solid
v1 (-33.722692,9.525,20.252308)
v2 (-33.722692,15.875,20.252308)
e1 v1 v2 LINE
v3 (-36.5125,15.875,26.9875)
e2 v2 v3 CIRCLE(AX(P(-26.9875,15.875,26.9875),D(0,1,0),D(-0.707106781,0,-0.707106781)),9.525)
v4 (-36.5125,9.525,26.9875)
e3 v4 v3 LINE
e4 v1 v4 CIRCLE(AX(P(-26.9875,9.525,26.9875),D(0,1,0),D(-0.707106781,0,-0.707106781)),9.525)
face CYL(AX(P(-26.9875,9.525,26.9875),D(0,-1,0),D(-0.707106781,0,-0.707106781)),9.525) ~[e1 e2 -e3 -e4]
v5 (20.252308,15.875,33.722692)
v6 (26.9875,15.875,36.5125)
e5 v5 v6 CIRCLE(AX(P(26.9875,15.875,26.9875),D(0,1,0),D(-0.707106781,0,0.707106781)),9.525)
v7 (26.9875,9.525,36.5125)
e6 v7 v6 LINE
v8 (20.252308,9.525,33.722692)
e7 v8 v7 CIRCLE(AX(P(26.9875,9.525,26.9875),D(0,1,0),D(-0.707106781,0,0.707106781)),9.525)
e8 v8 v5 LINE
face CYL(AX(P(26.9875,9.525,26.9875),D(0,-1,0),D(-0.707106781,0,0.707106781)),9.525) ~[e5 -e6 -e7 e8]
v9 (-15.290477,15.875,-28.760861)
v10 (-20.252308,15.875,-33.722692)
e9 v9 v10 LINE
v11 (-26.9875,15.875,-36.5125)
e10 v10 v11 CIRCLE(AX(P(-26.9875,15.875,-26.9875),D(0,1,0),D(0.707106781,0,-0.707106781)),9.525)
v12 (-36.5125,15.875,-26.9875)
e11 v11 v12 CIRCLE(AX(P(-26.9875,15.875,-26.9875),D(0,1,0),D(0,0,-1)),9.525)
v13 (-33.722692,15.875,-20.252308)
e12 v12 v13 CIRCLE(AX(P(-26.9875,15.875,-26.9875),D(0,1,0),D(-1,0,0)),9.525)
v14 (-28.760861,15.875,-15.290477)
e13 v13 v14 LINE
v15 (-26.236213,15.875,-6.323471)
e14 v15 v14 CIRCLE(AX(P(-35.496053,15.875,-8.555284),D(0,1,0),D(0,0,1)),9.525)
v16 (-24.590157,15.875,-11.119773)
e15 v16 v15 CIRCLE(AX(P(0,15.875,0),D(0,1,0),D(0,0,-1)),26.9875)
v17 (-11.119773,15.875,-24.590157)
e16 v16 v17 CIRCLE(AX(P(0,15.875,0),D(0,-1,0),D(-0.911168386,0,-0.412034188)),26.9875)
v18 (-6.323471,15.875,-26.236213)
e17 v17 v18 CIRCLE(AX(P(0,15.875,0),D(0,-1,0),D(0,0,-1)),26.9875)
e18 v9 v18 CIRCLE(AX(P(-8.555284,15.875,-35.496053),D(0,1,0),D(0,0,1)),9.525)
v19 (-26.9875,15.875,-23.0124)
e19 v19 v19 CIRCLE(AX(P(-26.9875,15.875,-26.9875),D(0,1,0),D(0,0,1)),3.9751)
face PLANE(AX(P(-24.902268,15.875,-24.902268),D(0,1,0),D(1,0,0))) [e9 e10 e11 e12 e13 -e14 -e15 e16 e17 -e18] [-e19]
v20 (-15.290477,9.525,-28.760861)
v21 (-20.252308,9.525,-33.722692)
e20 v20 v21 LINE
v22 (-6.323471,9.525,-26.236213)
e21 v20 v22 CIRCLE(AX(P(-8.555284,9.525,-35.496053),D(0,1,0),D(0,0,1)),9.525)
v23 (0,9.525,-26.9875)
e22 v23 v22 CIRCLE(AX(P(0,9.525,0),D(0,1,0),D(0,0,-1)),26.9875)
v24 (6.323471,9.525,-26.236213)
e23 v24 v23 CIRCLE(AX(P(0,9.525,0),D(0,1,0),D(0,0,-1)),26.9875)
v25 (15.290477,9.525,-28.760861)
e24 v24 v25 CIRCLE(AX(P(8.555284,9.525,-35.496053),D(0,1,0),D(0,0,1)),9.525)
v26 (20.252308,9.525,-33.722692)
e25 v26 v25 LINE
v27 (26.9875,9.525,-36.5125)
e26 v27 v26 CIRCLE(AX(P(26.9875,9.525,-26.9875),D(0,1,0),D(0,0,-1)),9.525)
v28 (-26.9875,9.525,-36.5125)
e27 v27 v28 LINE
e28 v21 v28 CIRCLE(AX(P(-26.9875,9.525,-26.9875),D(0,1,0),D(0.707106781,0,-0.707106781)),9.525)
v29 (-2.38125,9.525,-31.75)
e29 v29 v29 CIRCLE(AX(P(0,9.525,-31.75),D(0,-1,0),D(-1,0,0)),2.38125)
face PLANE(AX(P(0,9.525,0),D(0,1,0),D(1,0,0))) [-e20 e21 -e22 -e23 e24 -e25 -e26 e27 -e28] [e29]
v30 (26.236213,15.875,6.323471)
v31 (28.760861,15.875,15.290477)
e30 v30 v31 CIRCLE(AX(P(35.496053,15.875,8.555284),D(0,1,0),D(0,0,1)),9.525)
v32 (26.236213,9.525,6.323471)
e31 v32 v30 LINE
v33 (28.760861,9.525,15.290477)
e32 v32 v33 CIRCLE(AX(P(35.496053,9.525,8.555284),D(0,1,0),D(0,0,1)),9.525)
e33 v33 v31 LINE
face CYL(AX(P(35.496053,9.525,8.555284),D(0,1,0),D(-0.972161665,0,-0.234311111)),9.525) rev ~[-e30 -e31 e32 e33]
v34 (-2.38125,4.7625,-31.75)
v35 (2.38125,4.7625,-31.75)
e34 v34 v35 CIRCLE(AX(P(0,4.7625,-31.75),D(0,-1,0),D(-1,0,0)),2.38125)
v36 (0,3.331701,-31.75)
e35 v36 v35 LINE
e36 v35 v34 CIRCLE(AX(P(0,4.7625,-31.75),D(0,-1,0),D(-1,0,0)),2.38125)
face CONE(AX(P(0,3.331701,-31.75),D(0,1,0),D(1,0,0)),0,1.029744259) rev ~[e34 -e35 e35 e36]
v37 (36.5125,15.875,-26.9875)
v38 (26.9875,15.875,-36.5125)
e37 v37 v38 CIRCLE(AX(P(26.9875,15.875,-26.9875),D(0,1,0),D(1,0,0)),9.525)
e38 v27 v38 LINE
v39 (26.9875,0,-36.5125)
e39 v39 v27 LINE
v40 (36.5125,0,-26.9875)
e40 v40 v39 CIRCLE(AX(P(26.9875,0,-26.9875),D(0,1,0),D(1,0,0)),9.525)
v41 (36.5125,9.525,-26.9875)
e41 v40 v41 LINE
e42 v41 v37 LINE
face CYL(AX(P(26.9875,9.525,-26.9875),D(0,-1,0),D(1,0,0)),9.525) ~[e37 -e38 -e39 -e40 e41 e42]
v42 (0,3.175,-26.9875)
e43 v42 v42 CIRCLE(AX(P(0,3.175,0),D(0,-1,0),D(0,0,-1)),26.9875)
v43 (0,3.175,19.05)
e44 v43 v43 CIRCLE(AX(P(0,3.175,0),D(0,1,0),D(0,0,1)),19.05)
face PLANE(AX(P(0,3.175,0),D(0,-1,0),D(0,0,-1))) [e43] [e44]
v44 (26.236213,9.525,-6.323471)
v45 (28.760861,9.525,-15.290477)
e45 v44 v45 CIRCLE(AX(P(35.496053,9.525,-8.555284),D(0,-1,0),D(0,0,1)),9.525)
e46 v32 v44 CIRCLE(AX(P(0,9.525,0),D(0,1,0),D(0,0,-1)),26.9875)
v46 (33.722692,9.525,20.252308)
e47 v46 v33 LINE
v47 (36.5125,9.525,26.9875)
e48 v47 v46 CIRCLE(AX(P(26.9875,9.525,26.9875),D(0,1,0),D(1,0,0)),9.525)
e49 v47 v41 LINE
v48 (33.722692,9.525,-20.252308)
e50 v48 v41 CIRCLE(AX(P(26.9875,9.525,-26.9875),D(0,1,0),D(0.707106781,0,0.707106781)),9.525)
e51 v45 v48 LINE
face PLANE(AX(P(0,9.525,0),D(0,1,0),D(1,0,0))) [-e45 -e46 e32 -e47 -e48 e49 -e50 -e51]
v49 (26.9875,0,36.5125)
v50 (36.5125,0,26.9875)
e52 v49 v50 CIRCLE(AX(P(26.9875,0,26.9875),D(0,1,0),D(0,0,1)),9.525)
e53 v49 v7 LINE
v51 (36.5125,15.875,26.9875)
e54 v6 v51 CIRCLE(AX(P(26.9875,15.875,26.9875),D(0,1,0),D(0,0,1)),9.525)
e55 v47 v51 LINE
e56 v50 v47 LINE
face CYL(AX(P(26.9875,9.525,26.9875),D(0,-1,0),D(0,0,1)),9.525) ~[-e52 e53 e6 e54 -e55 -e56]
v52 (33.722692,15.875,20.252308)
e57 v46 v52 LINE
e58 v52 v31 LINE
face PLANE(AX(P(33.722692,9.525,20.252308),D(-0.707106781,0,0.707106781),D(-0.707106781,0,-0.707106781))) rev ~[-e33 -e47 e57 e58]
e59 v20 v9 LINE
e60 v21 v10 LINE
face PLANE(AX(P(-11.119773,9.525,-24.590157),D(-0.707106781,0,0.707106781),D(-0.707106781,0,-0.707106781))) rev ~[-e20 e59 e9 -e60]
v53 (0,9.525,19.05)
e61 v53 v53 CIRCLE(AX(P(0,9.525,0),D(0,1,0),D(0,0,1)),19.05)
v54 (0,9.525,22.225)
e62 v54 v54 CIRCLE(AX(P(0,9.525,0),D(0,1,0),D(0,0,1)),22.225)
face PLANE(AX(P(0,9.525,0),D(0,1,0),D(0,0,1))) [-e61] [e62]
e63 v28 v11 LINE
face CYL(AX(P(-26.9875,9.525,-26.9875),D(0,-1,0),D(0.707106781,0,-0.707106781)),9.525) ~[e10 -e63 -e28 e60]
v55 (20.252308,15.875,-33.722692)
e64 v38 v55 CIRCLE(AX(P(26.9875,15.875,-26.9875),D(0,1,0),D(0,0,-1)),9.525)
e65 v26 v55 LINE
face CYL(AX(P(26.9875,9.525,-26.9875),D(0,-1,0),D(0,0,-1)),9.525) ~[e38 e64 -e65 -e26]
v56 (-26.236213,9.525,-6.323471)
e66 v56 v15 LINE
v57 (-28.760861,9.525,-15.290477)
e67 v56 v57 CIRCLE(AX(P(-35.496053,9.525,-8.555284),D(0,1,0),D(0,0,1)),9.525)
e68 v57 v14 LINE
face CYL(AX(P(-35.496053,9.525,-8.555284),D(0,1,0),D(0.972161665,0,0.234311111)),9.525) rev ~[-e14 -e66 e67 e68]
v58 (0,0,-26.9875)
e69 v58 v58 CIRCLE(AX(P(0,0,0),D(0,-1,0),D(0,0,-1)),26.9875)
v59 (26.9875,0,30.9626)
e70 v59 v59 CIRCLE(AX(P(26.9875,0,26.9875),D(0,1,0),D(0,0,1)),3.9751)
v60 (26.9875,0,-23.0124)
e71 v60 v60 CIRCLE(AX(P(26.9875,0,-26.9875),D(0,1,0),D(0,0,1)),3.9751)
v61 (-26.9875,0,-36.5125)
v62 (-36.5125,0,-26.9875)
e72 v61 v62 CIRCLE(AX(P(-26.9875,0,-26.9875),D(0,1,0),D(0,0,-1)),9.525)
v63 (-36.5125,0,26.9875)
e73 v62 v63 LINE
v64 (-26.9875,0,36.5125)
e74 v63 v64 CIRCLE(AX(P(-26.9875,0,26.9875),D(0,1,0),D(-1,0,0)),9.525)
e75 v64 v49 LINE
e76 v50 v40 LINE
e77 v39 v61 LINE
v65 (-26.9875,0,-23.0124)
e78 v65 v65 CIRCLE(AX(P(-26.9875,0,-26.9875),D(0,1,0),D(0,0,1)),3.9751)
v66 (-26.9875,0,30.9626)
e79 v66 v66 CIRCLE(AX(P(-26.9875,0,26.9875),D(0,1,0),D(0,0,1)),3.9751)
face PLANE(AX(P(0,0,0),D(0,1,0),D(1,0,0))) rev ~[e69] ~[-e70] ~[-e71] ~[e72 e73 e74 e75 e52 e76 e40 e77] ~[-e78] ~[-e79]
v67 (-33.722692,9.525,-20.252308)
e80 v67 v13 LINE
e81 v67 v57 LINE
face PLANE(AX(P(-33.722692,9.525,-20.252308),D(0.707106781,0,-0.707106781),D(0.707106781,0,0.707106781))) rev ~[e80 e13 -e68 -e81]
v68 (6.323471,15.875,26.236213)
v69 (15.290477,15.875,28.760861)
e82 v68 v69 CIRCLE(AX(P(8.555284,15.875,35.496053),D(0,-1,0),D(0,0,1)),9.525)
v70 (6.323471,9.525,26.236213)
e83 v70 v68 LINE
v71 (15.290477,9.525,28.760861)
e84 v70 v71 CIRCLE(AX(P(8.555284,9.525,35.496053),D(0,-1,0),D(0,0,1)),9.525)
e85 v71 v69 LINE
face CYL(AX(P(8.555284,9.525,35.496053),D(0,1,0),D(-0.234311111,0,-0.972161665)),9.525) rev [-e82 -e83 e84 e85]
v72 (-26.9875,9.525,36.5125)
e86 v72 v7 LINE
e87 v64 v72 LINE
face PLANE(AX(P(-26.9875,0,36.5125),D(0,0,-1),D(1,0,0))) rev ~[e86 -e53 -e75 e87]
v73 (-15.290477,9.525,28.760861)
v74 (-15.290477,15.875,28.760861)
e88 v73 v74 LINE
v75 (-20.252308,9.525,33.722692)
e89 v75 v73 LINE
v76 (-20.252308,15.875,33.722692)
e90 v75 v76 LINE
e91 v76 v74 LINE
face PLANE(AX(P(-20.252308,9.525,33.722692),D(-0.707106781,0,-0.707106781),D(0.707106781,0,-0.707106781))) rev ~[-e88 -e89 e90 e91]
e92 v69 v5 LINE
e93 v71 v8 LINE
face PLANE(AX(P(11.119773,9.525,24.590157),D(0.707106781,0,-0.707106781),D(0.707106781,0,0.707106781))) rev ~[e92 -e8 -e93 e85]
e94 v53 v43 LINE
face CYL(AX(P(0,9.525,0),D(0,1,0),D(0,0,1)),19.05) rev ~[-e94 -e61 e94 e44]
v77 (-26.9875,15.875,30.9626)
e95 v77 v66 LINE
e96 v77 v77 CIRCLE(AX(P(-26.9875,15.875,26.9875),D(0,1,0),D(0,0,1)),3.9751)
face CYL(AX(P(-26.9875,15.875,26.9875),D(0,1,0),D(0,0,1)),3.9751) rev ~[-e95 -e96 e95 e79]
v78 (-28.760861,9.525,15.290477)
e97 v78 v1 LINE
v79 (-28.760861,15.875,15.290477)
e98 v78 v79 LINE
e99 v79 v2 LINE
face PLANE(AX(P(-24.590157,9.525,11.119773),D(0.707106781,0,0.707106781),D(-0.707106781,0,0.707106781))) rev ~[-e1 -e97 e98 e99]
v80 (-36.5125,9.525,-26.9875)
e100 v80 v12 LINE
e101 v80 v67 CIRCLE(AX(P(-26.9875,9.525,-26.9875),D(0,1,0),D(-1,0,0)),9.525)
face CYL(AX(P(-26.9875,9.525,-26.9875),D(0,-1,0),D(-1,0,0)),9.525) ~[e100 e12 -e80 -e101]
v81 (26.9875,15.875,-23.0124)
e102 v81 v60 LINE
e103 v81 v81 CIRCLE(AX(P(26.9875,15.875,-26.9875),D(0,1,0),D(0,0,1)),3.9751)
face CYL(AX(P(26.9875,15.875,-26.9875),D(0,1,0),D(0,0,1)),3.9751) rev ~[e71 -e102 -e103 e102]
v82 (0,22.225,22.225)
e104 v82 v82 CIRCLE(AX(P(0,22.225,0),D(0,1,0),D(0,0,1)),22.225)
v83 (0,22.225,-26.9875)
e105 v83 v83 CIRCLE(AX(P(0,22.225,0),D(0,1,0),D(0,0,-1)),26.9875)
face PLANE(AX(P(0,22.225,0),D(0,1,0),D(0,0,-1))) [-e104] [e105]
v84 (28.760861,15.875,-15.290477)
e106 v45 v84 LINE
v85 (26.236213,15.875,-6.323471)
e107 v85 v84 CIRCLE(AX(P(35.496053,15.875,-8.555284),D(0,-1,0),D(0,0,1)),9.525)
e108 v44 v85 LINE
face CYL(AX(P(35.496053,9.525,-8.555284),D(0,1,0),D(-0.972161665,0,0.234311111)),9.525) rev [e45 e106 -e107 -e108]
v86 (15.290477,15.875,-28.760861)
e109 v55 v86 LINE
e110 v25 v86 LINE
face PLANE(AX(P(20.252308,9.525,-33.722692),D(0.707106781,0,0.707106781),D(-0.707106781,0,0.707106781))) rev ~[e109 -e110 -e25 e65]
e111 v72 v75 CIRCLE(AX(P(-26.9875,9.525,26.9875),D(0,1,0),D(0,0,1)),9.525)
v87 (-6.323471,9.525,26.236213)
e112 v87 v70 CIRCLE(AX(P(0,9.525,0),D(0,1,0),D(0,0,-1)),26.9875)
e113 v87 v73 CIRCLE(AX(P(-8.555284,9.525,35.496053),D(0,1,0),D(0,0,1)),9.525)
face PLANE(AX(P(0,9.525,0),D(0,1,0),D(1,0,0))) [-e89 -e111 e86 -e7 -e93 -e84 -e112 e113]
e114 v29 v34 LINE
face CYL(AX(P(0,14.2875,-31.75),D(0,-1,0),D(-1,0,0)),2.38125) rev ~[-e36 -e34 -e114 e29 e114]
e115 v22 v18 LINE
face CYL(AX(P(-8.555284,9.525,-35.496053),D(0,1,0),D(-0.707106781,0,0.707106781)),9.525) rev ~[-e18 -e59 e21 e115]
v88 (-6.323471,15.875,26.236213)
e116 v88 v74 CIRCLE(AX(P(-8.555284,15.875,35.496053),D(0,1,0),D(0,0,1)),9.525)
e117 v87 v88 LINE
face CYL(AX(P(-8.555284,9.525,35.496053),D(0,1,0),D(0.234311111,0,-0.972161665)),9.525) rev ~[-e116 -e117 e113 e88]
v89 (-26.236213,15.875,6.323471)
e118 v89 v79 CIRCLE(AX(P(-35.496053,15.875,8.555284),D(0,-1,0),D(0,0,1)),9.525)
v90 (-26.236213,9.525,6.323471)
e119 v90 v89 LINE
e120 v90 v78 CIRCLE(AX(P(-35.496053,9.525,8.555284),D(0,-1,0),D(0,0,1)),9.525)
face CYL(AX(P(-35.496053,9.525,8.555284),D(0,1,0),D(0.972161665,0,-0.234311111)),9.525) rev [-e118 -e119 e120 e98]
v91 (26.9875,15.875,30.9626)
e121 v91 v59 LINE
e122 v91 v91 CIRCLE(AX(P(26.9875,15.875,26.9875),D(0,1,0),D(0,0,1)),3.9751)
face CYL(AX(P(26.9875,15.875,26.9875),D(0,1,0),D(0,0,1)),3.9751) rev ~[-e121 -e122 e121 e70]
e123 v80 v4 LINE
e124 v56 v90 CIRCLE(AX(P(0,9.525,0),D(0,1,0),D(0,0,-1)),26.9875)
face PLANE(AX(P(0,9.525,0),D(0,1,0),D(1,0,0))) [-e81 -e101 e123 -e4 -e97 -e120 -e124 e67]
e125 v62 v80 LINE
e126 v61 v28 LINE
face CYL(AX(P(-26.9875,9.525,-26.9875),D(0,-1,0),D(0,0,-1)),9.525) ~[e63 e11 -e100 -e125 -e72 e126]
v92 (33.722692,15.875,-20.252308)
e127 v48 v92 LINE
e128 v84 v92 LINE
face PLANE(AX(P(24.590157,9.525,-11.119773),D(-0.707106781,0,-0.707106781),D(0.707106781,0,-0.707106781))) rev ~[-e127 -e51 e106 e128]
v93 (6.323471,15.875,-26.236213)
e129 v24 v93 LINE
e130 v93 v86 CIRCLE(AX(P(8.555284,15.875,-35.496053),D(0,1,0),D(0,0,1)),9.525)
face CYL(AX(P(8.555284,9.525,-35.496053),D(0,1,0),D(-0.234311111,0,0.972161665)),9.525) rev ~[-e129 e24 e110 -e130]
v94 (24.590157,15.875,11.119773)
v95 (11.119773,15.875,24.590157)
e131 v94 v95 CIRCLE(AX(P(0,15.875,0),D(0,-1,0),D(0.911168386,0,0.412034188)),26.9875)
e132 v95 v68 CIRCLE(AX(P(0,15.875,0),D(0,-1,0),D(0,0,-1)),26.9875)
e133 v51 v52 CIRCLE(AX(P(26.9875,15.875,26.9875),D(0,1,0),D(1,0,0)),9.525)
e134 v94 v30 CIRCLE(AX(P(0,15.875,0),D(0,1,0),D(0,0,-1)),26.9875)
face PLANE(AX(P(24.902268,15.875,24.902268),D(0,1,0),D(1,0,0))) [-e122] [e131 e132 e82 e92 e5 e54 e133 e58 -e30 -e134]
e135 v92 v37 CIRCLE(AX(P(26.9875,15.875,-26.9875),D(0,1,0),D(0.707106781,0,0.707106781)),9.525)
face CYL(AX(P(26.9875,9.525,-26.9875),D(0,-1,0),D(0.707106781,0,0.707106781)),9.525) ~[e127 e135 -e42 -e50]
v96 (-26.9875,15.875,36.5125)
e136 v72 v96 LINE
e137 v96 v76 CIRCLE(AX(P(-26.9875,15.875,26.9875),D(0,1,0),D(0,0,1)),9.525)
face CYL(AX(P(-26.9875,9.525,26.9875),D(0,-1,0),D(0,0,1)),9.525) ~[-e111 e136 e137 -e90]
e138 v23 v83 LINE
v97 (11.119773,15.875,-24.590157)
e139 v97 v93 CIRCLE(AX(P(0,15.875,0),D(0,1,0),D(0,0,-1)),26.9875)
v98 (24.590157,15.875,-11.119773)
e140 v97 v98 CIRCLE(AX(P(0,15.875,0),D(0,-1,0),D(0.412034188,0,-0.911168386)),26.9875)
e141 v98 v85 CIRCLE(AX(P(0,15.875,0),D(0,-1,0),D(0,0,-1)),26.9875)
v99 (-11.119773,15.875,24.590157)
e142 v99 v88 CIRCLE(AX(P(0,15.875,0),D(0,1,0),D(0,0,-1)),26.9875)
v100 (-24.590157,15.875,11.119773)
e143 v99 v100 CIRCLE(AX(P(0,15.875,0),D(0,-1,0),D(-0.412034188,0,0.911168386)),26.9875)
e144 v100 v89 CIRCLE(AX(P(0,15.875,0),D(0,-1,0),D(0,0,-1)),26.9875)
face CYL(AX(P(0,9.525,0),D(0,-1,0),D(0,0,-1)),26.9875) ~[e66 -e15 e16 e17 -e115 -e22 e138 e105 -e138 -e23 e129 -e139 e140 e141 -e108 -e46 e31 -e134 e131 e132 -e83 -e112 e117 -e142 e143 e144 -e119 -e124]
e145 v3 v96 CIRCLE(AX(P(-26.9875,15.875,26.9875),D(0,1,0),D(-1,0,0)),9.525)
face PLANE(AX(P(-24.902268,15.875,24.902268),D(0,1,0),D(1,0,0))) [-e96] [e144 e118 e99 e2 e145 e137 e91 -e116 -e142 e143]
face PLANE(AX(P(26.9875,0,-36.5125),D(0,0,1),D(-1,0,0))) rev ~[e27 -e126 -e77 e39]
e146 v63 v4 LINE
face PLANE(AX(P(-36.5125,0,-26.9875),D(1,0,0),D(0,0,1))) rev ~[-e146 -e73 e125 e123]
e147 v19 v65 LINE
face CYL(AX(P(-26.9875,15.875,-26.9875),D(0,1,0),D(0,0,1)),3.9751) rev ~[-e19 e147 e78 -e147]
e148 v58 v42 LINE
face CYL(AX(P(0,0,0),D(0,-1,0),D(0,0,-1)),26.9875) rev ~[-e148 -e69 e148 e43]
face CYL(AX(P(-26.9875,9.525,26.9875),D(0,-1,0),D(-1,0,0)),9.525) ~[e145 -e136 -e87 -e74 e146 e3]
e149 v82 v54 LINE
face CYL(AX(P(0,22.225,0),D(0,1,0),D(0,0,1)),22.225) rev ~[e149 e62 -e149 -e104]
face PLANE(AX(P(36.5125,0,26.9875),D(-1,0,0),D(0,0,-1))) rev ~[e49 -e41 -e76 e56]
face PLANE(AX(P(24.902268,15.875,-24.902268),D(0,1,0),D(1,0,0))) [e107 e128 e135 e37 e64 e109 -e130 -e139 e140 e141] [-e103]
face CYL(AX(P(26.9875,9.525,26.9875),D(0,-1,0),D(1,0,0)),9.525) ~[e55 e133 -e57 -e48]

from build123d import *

# Parameters (mm, degrees)
BOSS_EXTRUDE1_DEPTH                = 9.525
SKETCH2_R                          = 26.9875
CUT_EXTRUDE1_DEPTH                 = 3.175
SKETCH3_R                          = 26.9875
BOSS_EXTRUDE2_DEPTH                = 12.7
SKETCH4_R                          = 22.225
CUT_EXTRUDE2_DEPTH                 = 12.7
SKETCH5_R                          = 19.05
CUT_EXTRUDE3_DEPTH                 = 54.175326163
F_3_16_0_1875_DIAMETER_HOLE1_D     = 4.7625
F_3_16_0_1875_DIAMETER_HOLE1_DEPTH = 4.7625
F_3_16_0_1875_DIAMETER_HOLE1_TIP   = 1.430799349
BOSS_EXTRUDE3_DEPTH                = 6.35
FILLET1_R                          = 9.525
SKETCH10_R                         = 3.9751
CUT_EXTRUDE4_DEPTH                 = 55.021670999


with BuildPart() as part:
    # Sketch1 → Boss-Extrude1 (new body)
    with BuildSketch(Plane(origin=(0, 0, 0), x_dir=(1, 0, 0), z_dir=(0, 1, 0))):
        with BuildLine():
            Line((-26.9875, -36.5125), (26.9875, -36.5125))
            ThreePointArc((26.9875, -36.5125), (33.722692091, -33.722692091), (36.5125, -26.9875))
            Line((36.5125, -26.9875), (36.5125, 26.9875))
            ThreePointArc((36.5125, 26.9875), (33.722692091, 33.722692091), (26.9875, 36.5125))
            Line((26.9875, 36.5125), (-26.9875, 36.5125))
            ThreePointArc((-26.9875, 36.5125), (-33.722692091, 33.722692091), (-36.5125, 26.9875))
            Line((-36.5125, 26.9875), (-36.5125, -26.9875))
            ThreePointArc((-36.5125, -26.9875), (-33.722692091, -33.722692091), (-26.9875, -36.5125))
        make_face()
    extrude(amount=BOSS_EXTRUDE1_DEPTH)

    # Sketch2 → Cut-Extrude1 (cut)
    with BuildSketch(Plane.XZ):
        with Locations(Location((0, 0, 0), (0, 0, 270))):
            Circle(SKETCH2_R)
    extrude(amount=-CUT_EXTRUDE1_DEPTH, mode=Mode.SUBTRACT)

    # Sketch3 → Boss-Extrude2 (add)
    with BuildSketch(Plane(origin=(0, 9.525, 0), x_dir=(1, 0, 0), z_dir=(0, 1, 0))):
        with Locations(Location((0, 0, 0), (0, 0, 90))):
            Circle(SKETCH3_R)
    extrude(amount=BOSS_EXTRUDE2_DEPTH)

    # Sketch4 → Cut-Extrude2 (cut)
    with BuildSketch(Plane(origin=(0, 22.225, 0), x_dir=(1, 0, 0), z_dir=(0, 1, 0))):
        with Locations(Location((0, 0, 0), (0, 0, 270))):
            Circle(SKETCH4_R)
    extrude(amount=-CUT_EXTRUDE2_DEPTH, mode=Mode.SUBTRACT)

    # Sketch5 → Cut-Extrude3 (cut, through all)
    with BuildSketch(Plane(origin=(0, 9.525, 0), x_dir=(1, 0, 0), z_dir=(0, 1, 0))):
        with Locations(Location((0, 0, 0), (0, 0, 270))):
            Circle(SKETCH5_R)
    extrude(amount=-CUT_EXTRUDE3_DEPTH, mode=Mode.SUBTRACT)

    # 3/16 (0.1875) Diameter Hole1
    with Locations(Plane(origin=(0, 9.525, 0), x_dir=(1, 0, 0), z_dir=(0, 1, 0))):
        with Locations((0, 31.75)):
            Hole(F_3_16_0_1875_DIAMETER_HOLE1_D / 2, depth=F_3_16_0_1875_DIAMETER_HOLE1_DEPTH)
            with Locations((0, 0, -(F_3_16_0_1875_DIAMETER_HOLE1_DEPTH + F_3_16_0_1875_DIAMETER_HOLE1_TIP / 2))):  # 118° drill point
                Cone(0, F_3_16_0_1875_DIAMETER_HOLE1_D / 2, F_3_16_0_1875_DIAMETER_HOLE1_TIP, mode=Mode.SUBTRACT)

    # Sketch9 → Boss-Extrude3 (add)
    with BuildSketch(Plane(origin=(0, 9.525, 0), x_dir=(1, 0, 0), z_dir=(0, 1, 0))):
        with BuildLine():
            ThreePointArc((-24.590156824, 11.119772642), (-19.083044257, 19.083044257), (-11.119772642, 24.590156824))
            Line((-11.119772642, 24.590156824), (-20.252307909, 33.722692091))
            ThreePointArc((-20.252307909, 33.722692091), (-23.342440307, 35.787452547), (-26.9875, 36.5125))
            ThreePointArc((-26.9875, 36.5125), (-33.722692091, 33.722692091), (-36.5125, 26.9875))
            ThreePointArc((-36.5125, 26.9875), (-35.787452547, 23.342440307), (-33.722692091, 20.252307909))
            Line((-33.722692091, 20.252307909), (-24.590156824, 11.119772642))
        make_face()
        with BuildLine():
            ThreePointArc((11.119772642, 24.590156824), (19.083044257, 19.083044257), (24.590156824, 11.119772642))
            Line((24.590156824, 11.119772642), (33.722692091, 20.252307909))
            ThreePointArc((33.722692091, 20.252307909), (35.787452547, 23.342440307), (36.5125, 26.9875))
            ThreePointArc((36.5125, 26.9875), (33.722692091, 33.722692091), (26.9875, 36.5125))
            ThreePointArc((26.9875, 36.5125), (23.342440307, 35.787452547), (20.252307909, 33.722692091))
            Line((20.252307909, 33.722692091), (11.119772642, 24.590156824))
        make_face()
        with BuildLine():
            Line((33.722692091, -20.252307909), (24.590156824, -11.119772642))
            ThreePointArc((24.590156824, -11.119772642), (19.083044257, -19.083044257), (11.119772642, -24.590156824))
            Line((11.119772642, -24.590156824), (20.252307909, -33.722692091))
            ThreePointArc((20.252307909, -33.722692091), (23.342440307, -35.787452547), (26.9875, -36.5125))
            ThreePointArc((26.9875, -36.5125), (33.722692091, -33.722692091), (36.5125, -26.9875))
            ThreePointArc((36.5125, -26.9875), (35.787452547, -23.342440307), (33.722692091, -20.252307909))
        make_face()
        with BuildLine():
            Line((-20.252307909, -33.722692091), (-11.119772642, -24.590156824))
            ThreePointArc((-11.119772642, -24.590156824), (-19.083044257, -19.083044257), (-24.590156824, -11.119772642))
            Line((-24.590156824, -11.119772642), (-33.722692091, -20.252307909))
            ThreePointArc((-33.722692091, -20.252307909), (-35.787452547, -23.342440307), (-36.5125, -26.9875))
            ThreePointArc((-36.5125, -26.9875), (-33.722692091, -33.722692091), (-26.9875, -36.5125))
            ThreePointArc((-26.9875, -36.5125), (-23.342440307, -35.787452547), (-20.252307909, -33.722692091))
        make_face()
    extrude(amount=BOSS_EXTRUDE3_DEPTH)

    # Fillet1
    fillet1_edges = [part.edges().sort_by_distance(p)[0] for p in [
        (24.590156824, 12.7, 11.119772642),
        (11.119772642, 12.7, 24.590156824),
        (-11.119772642, 12.7, 24.590156824),
        (-24.590156824, 12.7, 11.119772642),
        (-11.119772642, 12.7, -24.590156824),
        (-24.590156824, 12.7, -11.119772642),
        (24.590156824, 12.7, -11.119772642),
        (11.119772642, 12.7, -24.590156824),
    ]]
    fillet(fillet1_edges, radius=FILLET1_R)

    # Sketch10 → Cut-Extrude4 (cut, through all)
    with BuildSketch(Plane(origin=(0, 15.875, 0), x_dir=(1, 0, 0), z_dir=(0, 1, 0))):
        with Locations(Location((-26.9875, 26.9875, 0), (0, 0, 270))):
            Circle(SKETCH10_R)
        with Locations(Location((26.9875, 26.9875, 0), (0, 0, 270))):
            Circle(SKETCH10_R)
        with Locations(Location((26.9875, -26.9875, 0), (0, 0, 270))):
            Circle(SKETCH10_R)
        with Locations(Location((-26.9875, -26.9875, 0), (0, 0, 270))):
            Circle(SKETCH10_R)
    extrude(amount=-CUT_EXTRUDE4_DEPTH, mode=Mode.SUBTRACT)


solid = part.part
